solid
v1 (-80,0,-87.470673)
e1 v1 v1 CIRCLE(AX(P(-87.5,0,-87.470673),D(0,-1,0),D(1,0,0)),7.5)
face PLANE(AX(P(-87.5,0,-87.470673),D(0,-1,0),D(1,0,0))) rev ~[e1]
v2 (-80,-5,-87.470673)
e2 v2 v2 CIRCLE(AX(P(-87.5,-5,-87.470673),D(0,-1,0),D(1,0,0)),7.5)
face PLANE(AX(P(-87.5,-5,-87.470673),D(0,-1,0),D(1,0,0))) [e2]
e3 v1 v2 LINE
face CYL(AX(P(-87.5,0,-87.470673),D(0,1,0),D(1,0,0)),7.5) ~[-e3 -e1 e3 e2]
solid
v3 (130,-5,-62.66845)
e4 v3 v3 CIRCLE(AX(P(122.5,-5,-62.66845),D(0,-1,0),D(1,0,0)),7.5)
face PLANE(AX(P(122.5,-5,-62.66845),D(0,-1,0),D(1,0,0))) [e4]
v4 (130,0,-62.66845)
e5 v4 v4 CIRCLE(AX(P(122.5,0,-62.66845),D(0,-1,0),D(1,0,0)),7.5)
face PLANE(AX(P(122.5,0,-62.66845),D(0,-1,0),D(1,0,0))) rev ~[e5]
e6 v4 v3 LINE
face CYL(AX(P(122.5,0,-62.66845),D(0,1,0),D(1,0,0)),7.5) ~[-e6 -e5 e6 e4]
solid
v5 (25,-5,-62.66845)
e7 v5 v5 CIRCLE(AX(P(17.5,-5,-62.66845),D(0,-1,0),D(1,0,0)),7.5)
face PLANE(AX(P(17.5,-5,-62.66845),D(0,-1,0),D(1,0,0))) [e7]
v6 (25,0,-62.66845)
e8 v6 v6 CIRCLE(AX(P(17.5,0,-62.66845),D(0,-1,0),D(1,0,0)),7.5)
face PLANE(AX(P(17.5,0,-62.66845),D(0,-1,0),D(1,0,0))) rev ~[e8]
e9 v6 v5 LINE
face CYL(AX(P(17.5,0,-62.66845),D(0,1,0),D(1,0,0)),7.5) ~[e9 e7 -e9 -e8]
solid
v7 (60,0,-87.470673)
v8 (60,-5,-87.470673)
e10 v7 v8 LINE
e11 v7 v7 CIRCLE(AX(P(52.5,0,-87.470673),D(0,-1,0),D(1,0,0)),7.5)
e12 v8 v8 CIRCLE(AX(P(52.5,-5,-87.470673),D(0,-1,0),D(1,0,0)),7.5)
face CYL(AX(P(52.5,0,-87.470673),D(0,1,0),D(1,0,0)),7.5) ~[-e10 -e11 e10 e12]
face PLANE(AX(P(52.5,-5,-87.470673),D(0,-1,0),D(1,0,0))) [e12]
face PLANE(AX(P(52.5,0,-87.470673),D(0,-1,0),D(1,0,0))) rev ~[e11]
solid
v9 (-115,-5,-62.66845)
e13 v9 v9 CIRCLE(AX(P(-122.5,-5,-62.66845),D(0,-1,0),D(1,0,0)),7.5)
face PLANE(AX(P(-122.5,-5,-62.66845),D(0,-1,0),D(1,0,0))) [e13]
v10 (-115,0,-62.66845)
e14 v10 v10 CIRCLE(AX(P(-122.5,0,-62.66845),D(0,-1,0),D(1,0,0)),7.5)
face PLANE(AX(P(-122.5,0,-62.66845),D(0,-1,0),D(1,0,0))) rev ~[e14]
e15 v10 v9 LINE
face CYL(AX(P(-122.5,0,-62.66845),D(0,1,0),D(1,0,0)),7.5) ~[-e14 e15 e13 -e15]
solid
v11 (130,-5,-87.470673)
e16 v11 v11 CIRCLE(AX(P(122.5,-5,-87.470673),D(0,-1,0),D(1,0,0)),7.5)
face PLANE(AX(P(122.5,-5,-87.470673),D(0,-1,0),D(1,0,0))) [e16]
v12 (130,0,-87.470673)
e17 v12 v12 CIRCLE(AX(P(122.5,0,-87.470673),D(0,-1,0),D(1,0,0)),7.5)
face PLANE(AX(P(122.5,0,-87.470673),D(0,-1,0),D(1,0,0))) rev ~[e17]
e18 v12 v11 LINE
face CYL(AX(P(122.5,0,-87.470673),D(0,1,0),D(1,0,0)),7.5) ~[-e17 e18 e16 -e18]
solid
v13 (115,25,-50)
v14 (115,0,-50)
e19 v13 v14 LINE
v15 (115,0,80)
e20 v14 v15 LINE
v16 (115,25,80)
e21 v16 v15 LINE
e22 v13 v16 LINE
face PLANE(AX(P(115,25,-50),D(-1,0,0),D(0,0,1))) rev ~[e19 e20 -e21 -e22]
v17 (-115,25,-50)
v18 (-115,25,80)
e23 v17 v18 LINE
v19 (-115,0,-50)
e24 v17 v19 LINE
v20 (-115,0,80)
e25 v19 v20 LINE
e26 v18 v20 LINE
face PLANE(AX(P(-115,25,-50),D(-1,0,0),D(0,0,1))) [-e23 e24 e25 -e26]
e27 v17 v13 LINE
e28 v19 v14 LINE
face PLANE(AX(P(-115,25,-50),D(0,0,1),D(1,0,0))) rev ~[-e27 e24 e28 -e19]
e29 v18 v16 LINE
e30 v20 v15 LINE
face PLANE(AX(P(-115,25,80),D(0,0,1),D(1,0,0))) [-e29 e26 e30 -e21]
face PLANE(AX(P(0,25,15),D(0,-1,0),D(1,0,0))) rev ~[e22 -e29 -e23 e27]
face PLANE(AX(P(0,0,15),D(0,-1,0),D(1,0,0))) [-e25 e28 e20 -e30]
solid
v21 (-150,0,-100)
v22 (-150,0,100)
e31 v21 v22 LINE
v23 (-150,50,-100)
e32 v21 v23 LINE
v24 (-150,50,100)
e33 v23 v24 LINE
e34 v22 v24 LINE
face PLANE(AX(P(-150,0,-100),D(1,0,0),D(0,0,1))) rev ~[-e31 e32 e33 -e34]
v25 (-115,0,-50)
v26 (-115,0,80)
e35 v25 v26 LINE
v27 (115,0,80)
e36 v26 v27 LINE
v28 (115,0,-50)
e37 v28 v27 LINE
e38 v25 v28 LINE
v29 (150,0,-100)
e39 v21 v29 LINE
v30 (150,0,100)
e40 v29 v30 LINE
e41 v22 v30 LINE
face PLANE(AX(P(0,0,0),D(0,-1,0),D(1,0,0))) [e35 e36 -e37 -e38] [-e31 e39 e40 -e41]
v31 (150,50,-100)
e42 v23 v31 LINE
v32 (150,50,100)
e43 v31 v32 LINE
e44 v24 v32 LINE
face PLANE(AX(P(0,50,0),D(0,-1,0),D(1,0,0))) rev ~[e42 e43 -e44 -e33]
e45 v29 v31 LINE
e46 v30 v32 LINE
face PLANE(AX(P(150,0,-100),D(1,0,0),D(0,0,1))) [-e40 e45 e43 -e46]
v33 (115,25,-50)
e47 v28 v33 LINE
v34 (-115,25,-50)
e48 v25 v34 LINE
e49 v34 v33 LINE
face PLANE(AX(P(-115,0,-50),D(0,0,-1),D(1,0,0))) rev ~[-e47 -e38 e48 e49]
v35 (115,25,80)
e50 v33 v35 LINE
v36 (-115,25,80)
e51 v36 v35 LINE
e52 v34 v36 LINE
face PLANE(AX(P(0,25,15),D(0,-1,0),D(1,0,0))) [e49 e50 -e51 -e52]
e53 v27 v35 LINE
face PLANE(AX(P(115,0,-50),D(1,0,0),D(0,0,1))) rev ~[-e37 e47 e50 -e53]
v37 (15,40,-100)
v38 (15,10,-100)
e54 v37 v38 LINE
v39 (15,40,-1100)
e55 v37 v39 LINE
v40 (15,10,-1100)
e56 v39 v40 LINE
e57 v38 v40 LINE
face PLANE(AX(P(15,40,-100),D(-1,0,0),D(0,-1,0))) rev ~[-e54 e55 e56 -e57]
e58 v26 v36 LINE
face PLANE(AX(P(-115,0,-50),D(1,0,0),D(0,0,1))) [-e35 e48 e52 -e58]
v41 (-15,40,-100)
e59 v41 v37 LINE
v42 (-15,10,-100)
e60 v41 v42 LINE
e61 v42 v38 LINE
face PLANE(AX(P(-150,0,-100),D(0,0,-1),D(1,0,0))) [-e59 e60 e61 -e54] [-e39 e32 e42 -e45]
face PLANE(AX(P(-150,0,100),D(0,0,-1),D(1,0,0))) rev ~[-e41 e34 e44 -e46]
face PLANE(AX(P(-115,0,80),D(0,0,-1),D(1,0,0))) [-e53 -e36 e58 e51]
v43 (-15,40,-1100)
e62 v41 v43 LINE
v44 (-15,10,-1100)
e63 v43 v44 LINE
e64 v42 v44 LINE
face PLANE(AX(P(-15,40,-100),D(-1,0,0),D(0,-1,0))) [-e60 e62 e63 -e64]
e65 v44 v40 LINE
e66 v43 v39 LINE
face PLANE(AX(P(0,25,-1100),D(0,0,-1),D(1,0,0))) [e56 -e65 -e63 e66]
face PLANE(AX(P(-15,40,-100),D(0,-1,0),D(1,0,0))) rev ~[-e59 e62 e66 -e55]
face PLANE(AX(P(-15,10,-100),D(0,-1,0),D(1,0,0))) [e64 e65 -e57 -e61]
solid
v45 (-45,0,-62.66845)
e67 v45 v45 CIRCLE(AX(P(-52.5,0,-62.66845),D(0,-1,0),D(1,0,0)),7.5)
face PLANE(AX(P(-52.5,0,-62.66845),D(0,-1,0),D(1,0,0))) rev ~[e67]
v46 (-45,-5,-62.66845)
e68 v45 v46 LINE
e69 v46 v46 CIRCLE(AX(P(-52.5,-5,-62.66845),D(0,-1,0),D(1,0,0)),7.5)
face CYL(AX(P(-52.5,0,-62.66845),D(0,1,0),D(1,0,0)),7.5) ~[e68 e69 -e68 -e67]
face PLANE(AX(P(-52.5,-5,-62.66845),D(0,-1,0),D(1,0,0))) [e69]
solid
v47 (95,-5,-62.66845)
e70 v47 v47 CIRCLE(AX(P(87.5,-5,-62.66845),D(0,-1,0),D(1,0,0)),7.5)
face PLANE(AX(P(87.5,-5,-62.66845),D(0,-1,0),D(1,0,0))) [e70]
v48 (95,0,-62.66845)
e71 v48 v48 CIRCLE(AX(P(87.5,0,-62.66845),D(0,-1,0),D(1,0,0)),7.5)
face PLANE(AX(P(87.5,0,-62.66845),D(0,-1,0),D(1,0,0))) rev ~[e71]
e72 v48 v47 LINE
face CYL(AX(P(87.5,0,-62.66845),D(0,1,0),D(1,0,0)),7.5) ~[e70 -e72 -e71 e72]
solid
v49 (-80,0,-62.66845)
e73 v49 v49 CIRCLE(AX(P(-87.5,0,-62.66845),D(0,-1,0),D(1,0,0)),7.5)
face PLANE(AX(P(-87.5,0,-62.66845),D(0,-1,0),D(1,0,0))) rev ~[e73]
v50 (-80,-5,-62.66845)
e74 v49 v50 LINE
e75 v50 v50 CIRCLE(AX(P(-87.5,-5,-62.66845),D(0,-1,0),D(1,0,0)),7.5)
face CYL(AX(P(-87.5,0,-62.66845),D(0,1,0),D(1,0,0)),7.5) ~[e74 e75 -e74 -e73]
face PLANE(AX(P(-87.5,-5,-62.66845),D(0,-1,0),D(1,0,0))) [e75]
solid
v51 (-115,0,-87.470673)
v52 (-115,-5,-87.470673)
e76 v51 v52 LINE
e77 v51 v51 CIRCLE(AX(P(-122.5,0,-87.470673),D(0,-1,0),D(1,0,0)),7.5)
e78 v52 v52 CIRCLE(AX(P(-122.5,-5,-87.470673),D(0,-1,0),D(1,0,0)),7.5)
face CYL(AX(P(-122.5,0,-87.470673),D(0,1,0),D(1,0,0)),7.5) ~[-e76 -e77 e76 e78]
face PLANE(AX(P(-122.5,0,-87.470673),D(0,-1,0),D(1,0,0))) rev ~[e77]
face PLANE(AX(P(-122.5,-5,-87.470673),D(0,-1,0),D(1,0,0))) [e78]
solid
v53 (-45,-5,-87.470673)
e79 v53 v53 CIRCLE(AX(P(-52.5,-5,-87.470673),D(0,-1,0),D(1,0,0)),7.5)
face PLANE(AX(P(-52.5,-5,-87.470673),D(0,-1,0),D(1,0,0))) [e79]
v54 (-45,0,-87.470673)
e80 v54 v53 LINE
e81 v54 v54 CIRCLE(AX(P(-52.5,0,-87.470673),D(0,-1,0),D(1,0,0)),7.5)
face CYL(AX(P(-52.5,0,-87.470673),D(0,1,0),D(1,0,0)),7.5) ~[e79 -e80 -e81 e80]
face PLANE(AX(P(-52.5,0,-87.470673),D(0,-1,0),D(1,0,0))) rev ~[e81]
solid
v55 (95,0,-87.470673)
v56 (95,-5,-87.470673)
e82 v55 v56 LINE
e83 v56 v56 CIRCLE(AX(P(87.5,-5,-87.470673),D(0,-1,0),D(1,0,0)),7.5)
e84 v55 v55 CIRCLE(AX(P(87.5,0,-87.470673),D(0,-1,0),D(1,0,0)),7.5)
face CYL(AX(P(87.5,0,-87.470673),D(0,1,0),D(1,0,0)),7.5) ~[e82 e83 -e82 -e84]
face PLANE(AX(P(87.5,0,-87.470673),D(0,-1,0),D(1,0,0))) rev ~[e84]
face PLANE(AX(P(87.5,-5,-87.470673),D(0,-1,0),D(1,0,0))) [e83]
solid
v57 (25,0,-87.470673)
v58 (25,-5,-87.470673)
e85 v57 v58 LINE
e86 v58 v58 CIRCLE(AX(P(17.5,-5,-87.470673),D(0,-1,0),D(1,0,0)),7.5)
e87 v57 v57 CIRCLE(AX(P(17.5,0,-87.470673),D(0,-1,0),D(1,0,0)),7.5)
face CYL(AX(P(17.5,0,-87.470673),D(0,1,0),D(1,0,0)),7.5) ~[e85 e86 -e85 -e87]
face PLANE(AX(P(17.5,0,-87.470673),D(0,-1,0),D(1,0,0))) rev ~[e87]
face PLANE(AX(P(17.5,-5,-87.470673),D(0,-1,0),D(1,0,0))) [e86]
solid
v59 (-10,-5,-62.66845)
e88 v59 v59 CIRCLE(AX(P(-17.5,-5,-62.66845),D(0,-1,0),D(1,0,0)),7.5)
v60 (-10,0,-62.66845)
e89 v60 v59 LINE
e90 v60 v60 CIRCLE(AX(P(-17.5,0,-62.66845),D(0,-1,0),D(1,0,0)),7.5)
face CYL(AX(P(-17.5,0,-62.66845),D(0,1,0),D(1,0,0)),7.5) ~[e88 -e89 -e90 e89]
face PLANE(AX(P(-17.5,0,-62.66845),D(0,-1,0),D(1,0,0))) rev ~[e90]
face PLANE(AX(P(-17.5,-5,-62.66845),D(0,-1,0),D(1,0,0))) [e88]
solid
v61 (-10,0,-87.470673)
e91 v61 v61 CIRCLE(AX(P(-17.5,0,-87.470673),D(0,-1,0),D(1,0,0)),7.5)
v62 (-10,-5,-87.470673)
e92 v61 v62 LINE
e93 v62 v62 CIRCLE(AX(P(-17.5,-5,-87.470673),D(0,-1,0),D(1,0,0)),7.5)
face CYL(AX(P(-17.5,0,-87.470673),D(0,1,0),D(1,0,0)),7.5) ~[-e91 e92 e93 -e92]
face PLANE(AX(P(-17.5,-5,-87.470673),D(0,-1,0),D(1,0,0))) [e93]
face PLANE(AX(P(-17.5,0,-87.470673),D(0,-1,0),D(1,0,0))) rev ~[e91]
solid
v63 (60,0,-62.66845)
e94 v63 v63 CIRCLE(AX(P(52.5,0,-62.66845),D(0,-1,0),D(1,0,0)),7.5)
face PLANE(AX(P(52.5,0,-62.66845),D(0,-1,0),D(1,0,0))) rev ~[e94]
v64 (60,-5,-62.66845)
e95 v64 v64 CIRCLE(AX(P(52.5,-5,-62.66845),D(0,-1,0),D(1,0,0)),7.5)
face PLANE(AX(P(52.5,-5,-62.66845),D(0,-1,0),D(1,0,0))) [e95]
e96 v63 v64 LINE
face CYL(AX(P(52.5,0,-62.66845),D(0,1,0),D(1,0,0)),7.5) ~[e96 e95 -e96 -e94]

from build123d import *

# Parameters (mm, degrees)
F0_W     = 300
F0_H     = 200
F1_DEPTH = 50
F2_W     = 230
F2_H     = 130
F3_DEPTH = 25
F4_W     = 230
F4_H     = 130
F5_DEPTH = 25
F6_R     = 7.5
F7_DEPTH = 5
F8_W     = 30
F8_H     = 30
F9_DEPTH = 1000


with BuildPart() as f1:
    # F0 (on Front) → F1 (new body)
    with BuildSketch(Plane.XZ):
        Rectangle(F0_W, F0_H)
    extrude(amount=-F1_DEPTH)

    # F2 (on face) → F3 (cut)
    with BuildSketch(Plane.XZ):
        with Locations((0, 15)):
            Rectangle(F2_W, F2_H)
    extrude(amount=-F3_DEPTH, mode=Mode.SUBTRACT)

    # F8 (on face) → F9 (join)
    with BuildSketch(Plane(origin=(0, 0, -100), x_dir=(1, 0, 0), z_dir=(0, 0, -1))):
        with Locations((0, -25)):
            Rectangle(F8_W, F8_H)
    extrude(amount=F9_DEPTH)


with BuildPart() as f5:
    # F4 (on face) → F5 (new body)
    with BuildSketch(Plane.XZ.offset(-25)):
        with Locations((0, 15)):
            Rectangle(F4_W, F4_H)
    extrude(amount=F5_DEPTH)


with BuildPart() as f7:
    # F6 (on face) → F7 (new body)
    with BuildSketch(Plane.XZ):
        with Locations((-122.5, -62.6684501767)):
            Circle(F6_R)
    extrude(amount=F7_DEPTH)


with BuildPart() as f7b:
    # F6 (on face) → F7, piece 2 (new body)
    with BuildSketch(Plane.XZ):
        with Locations((-122.5, -87.4706730247)):
            Circle(F6_R)
    extrude(amount=F7_DEPTH)


with BuildPart() as f7c:
    # F6 (on face) → F7, piece 3 (new body)
    with BuildSketch(Plane.XZ):
        with Locations((-87.5, -62.6684501767)):
            Circle(F6_R)
    extrude(amount=F7_DEPTH)


with BuildPart() as f7d:
    # F6 (on face) → F7, piece 4 (new body)
    with BuildSketch(Plane.XZ):
        with Locations((-87.5, -87.4706730247)):
            Circle(F6_R)
    extrude(amount=F7_DEPTH)


with BuildPart() as f7e:
    # F6 (on face) → F7, piece 5 (new body)
    with BuildSketch(Plane.XZ):
        with Locations((-52.5, -62.6684501767)):
            Circle(F6_R)
    extrude(amount=F7_DEPTH)


with BuildPart() as f7f:
    # F6 (on face) → F7, piece 6 (new body)
    with BuildSketch(Plane.XZ):
        with Locations((-52.5, -87.4706730247)):
            Circle(F6_R)
    extrude(amount=F7_DEPTH)


with BuildPart() as f7g:
    # F6 (on face) → F7, piece 7 (new body)
    with BuildSketch(Plane.XZ):
        with Locations((-17.5, -62.6684501767)):
            Circle(F6_R)
    extrude(amount=F7_DEPTH)


with BuildPart() as f7h:
    # F6 (on face) → F7, piece 8 (new body)
    with BuildSketch(Plane.XZ):
        with Locations((-17.5, -87.4706730247)):
            Circle(F6_R)
    extrude(amount=F7_DEPTH)


with BuildPart() as f7i:
    # F6 (on face) → F7, piece 9 (new body)
    with BuildSketch(Plane.XZ):
        with Locations((17.5, -62.6684501767)):
            Circle(F6_R)
    extrude(amount=F7_DEPTH)


with BuildPart() as f7j:
    # F6 (on face) → F7, piece 10 (new body)
    with BuildSketch(Plane.XZ):
        with Locations((17.5, -87.4706730247)):
            Circle(F6_R)
    extrude(amount=F7_DEPTH)


with BuildPart() as f7k:
    # F6 (on face) → F7, piece 11 (new body)
    with BuildSketch(Plane.XZ):
        with Locations((52.5, -62.6684501767)):
            Circle(F6_R)
    extrude(amount=F7_DEPTH)


with BuildPart() as f7l:
    # F6 (on face) → F7, piece 12 (new body)
    with BuildSketch(Plane.XZ):
        with Locations((52.5, -87.4706730247)):
            Circle(F6_R)
    extrude(amount=F7_DEPTH)


with BuildPart() as f7m:
    # F6 (on face) → F7, piece 13 (new body)
    with BuildSketch(Plane.XZ):
        with Locations((87.5, -62.6684501767)):
            Circle(F6_R)
    extrude(amount=F7_DEPTH)


with BuildPart() as f7n:
    # F6 (on face) → F7, piece 14 (new body)
    with BuildSketch(Plane.XZ):
        with Locations((87.5, -87.4706730247)):
            Circle(F6_R)
    extrude(amount=F7_DEPTH)


with BuildPart() as f7o:
    # F6 (on face) → F7, piece 15 (new body)
    with BuildSketch(Plane.XZ):
        with Locations((122.5, -62.6684501767)):
            Circle(F6_R)
    extrude(amount=F7_DEPTH)


with BuildPart() as f7p:
    # F6 (on face) → F7, piece 16 (new body)
    with BuildSketch(Plane.XZ):
        with Locations((122.5, -87.4706730247)):
            Circle(F6_R)
    extrude(amount=F7_DEPTH)


solid = Compound([f1.part, f5.part, f7.part, f7b.part, f7c.part, f7d.part, f7e.part, f7f.part, f7g.part, f7h.part, f7i.part, f7j.part, f7k.part, f7l.part, f7m.part, f7n.part, f7o.part, f7p.part])
